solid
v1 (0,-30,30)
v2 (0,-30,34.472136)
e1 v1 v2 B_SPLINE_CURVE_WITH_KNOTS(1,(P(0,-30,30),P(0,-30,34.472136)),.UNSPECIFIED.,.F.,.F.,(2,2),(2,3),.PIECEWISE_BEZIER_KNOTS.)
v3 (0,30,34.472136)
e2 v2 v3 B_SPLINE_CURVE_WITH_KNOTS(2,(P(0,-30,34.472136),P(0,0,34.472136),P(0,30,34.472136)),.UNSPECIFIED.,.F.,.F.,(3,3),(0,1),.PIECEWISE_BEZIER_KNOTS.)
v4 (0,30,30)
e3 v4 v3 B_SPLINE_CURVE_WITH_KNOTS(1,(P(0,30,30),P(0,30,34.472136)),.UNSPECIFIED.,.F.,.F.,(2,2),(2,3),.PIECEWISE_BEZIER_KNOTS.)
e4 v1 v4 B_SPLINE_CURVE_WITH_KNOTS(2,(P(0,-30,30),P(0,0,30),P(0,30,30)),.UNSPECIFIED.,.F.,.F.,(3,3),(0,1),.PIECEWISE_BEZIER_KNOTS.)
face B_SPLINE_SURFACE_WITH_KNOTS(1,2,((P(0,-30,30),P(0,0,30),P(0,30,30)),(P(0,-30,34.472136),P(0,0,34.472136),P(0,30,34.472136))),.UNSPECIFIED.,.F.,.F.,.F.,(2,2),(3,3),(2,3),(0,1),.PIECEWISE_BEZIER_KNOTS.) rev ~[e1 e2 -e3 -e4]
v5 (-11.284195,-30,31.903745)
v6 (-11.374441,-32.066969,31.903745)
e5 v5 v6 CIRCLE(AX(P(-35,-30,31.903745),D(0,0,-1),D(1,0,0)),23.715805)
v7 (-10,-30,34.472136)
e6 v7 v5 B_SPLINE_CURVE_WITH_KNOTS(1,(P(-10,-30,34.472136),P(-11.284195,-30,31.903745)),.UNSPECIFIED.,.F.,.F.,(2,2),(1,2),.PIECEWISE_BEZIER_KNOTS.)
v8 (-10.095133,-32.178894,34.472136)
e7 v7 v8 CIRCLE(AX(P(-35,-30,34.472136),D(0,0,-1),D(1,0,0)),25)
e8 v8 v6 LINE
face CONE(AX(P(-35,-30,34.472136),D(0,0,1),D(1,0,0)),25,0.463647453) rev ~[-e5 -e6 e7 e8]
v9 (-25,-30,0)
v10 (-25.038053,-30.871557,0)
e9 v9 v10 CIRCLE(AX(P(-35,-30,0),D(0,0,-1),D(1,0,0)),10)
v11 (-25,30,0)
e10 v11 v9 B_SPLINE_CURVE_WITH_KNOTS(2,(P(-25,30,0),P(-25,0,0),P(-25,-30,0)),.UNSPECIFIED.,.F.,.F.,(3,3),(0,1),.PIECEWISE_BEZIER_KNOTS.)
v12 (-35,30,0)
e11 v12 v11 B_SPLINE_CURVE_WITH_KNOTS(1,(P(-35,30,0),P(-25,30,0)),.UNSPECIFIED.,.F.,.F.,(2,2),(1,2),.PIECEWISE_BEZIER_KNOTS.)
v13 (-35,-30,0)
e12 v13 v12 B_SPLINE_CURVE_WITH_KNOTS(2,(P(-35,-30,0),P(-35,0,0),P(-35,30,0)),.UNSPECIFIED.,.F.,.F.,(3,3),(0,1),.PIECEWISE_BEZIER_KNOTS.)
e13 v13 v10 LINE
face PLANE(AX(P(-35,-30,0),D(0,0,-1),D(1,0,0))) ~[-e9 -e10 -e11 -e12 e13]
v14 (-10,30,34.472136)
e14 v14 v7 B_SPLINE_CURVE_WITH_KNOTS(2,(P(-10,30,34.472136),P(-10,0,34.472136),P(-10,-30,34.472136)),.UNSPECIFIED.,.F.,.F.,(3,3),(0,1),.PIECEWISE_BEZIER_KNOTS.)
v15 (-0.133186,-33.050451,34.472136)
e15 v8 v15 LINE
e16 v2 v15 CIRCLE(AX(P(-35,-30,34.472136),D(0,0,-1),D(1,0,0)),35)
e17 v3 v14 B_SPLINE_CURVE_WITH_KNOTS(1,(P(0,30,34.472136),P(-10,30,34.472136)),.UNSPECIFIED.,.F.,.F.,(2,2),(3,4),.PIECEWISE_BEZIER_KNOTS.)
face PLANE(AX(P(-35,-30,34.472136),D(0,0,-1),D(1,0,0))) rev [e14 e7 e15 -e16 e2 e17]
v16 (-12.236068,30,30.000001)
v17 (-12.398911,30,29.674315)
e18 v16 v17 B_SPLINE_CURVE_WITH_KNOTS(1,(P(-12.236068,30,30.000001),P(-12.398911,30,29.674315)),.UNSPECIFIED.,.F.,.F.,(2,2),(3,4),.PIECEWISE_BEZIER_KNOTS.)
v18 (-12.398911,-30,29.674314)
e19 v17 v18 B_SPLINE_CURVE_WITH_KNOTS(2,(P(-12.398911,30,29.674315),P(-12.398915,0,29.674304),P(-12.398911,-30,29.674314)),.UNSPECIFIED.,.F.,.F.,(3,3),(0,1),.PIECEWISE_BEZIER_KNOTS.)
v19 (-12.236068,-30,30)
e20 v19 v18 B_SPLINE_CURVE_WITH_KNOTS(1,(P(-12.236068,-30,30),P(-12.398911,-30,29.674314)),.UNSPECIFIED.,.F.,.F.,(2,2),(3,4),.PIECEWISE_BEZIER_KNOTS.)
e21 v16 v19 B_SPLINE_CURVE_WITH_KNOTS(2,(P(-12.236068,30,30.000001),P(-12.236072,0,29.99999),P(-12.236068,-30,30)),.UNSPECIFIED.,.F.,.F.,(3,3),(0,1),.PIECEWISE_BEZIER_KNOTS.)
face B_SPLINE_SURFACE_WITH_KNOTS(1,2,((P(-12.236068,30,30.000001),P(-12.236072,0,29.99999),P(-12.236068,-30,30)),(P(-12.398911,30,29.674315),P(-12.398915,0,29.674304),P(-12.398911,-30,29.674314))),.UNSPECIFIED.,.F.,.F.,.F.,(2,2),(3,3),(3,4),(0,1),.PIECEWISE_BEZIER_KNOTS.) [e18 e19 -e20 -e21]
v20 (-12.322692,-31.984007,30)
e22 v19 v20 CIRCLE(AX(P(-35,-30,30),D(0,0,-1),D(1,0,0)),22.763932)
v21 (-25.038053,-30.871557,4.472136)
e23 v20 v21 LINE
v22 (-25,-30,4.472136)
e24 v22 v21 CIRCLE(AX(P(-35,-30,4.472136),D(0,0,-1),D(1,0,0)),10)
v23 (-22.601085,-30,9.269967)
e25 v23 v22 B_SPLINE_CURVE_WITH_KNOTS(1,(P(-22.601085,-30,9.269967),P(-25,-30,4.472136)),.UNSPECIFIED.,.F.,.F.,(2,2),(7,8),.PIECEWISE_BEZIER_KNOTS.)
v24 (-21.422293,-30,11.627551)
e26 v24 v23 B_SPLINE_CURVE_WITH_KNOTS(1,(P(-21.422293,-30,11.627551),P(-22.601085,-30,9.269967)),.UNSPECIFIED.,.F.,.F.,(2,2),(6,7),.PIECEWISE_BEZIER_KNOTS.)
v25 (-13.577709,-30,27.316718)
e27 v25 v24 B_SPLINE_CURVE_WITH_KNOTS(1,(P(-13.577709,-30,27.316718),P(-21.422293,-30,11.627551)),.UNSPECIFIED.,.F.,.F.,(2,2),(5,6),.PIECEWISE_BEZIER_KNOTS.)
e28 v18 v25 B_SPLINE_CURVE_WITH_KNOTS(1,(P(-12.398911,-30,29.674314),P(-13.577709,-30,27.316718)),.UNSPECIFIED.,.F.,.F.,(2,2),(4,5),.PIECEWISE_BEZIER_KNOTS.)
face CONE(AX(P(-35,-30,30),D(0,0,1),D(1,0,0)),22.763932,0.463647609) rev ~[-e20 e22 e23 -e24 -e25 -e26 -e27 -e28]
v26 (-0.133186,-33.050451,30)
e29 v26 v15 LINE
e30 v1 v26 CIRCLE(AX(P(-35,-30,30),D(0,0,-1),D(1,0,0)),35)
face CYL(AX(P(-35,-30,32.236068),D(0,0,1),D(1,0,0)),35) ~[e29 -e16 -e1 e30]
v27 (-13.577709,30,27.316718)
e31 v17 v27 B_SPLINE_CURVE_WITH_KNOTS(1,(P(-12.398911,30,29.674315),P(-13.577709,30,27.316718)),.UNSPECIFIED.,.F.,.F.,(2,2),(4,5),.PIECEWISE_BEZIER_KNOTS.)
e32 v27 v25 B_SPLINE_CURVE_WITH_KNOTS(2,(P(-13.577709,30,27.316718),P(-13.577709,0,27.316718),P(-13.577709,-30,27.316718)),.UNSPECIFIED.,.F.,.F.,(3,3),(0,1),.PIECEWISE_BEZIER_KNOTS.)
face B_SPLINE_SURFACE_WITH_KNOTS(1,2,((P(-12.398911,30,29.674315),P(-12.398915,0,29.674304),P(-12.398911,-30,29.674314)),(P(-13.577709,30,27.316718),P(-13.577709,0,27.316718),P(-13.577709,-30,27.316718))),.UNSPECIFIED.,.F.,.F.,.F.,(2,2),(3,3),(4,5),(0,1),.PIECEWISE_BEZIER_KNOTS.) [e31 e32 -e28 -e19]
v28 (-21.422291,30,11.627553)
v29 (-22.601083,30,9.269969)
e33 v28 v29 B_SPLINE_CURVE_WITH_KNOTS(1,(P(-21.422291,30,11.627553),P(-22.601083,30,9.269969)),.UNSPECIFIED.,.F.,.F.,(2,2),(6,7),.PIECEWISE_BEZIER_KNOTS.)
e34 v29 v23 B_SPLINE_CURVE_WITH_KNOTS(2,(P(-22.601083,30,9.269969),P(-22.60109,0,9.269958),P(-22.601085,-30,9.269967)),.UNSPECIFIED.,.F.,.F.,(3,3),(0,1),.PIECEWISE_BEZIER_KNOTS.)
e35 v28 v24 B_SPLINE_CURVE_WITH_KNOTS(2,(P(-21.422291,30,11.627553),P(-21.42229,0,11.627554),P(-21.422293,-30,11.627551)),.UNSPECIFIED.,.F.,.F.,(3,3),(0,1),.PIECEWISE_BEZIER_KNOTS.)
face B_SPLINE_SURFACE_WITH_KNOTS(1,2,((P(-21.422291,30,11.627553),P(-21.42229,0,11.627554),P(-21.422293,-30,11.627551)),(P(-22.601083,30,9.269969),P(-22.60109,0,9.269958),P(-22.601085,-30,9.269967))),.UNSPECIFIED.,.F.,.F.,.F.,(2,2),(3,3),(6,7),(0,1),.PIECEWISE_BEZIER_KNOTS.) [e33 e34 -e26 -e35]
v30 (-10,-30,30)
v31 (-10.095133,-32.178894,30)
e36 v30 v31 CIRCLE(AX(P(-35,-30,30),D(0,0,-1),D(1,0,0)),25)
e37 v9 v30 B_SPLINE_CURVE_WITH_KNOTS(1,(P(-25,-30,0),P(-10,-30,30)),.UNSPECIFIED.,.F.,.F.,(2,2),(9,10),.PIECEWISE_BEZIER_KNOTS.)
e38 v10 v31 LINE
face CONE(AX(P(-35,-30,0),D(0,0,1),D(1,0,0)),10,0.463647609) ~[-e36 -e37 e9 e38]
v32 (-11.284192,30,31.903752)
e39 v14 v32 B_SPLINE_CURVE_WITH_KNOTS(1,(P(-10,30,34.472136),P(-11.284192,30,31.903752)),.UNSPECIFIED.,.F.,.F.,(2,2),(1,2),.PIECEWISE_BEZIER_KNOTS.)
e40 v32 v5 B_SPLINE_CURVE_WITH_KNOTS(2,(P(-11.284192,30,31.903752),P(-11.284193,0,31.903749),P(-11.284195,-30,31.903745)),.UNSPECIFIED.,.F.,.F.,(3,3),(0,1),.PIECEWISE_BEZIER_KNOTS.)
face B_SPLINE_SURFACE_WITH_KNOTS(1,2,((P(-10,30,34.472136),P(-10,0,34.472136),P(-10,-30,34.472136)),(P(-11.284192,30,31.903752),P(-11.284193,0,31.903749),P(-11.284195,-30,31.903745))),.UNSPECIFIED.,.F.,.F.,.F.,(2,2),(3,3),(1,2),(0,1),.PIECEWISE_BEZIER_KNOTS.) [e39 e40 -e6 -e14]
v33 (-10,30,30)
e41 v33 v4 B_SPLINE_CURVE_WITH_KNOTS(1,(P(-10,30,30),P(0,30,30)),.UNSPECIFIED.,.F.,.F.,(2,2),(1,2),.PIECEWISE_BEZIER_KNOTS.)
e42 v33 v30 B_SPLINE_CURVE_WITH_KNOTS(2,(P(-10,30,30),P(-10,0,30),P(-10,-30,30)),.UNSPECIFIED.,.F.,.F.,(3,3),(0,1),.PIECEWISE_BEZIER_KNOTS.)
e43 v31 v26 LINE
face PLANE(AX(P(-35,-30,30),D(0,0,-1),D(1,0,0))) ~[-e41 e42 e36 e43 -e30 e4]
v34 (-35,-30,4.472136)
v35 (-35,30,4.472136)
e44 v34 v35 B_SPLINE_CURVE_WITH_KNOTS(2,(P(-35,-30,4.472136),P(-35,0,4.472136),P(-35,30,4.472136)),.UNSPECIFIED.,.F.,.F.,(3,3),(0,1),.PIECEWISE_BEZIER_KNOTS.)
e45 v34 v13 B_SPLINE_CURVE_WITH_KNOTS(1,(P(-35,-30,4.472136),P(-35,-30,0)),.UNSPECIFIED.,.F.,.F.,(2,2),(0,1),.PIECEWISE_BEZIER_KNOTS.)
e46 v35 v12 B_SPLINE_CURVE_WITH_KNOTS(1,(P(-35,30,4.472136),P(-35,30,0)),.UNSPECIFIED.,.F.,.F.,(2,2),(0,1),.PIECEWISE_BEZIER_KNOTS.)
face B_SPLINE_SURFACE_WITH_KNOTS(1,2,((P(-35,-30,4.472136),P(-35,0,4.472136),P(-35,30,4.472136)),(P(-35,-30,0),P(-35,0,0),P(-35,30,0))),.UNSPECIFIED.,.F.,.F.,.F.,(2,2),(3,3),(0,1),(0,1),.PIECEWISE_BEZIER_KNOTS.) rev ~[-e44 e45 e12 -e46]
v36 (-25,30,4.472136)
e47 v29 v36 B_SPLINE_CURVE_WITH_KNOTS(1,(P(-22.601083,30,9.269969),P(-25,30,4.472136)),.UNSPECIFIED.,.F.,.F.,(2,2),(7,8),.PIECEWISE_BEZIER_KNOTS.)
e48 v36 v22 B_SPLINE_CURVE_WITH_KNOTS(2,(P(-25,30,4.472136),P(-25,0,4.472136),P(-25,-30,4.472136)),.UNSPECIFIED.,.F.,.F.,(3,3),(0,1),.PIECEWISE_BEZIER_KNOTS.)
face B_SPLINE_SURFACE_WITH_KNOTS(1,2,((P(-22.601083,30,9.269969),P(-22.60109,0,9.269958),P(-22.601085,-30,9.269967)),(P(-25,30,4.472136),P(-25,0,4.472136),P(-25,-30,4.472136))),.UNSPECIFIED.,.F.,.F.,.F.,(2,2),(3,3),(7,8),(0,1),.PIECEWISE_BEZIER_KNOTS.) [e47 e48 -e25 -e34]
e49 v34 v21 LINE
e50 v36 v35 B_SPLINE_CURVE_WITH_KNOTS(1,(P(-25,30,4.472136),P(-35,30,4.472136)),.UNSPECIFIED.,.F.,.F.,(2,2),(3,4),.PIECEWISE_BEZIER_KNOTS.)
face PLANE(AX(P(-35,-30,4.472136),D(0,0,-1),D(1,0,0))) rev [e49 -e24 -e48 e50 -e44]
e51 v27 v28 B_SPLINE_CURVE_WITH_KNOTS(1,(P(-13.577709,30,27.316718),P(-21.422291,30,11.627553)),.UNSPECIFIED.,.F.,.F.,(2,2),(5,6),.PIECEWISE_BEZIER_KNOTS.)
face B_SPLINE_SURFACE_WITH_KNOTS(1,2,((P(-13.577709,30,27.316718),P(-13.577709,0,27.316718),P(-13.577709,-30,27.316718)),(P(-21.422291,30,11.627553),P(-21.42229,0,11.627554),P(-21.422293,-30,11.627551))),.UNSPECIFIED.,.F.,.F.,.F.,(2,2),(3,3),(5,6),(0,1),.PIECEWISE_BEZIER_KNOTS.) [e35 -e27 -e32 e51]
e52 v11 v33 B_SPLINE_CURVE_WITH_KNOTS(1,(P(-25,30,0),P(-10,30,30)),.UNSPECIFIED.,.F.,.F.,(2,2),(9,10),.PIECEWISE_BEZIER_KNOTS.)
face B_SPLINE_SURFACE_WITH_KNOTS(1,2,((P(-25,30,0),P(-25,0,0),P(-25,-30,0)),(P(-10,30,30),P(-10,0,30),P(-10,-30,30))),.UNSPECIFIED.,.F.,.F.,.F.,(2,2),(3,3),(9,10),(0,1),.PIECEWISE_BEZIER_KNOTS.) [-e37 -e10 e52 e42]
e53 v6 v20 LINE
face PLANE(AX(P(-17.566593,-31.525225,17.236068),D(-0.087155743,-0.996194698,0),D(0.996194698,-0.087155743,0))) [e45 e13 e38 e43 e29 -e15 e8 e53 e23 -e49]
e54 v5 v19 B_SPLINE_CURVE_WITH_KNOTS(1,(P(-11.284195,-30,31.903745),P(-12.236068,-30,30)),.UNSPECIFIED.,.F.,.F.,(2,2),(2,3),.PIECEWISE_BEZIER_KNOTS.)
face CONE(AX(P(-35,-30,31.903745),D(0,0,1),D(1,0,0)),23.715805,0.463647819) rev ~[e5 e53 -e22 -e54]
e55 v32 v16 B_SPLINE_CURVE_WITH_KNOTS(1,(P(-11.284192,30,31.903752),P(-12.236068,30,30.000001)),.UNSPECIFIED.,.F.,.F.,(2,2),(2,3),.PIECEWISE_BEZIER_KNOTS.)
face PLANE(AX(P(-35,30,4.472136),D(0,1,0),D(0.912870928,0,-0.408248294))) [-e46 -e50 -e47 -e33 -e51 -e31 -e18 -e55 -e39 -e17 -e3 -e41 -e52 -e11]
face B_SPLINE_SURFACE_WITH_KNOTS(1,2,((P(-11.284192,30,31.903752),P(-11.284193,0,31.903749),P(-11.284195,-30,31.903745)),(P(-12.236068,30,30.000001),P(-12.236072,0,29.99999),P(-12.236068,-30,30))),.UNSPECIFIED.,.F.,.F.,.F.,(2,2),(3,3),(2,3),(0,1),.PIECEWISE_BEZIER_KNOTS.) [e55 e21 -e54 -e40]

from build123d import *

# Parameters (mm, degrees)
F2_W     = 10
F2_H     = 4.472136
F3_W     = 10
F3_H     = 4.472136
F4_W     = 10
F4_H     = 4.472136
F8_ANGLE = -5


with BuildPart() as f5:
    # F4 (on offset) → F5 section 0
    with BuildSketch(Plane.XZ.offset(-30)):
        Polygon((-10, 30), (-10, 34.472136), (-13.577709, 27.316718), (-21.422291, 11.627553), (-25, 4.472136), (-25, 0), align=None)
    # F3 (on Front) → F5 section 1
    with BuildSketch(Plane.XZ):
        Polygon((-10, 30), (-10, 34.472136), (-12.398913, 29.674309), (-13.577709, 27.316718), (-21.422291, 11.627553), (-22.601087, 9.269963), (-25, 4.472136), (-25, 0), align=None)
    # F2 (on offset) → F5 section 2
    with BuildSketch(Plane.XZ.offset(30)):
        Polygon((-10, 30), (-10, 34.472136), (-11.284195, 31.903745), (-12.236068, 30), (-22.763932, 8.944272), (-23.715805, 7.040526), (-25, 4.472136), (-25, 0), align=None)
    loft()

    # F2 (on offset) → F6 section 0
    with BuildSketch(Plane.XZ.offset(30)):
        with Locations((-5, 32.236068)):
            Rectangle(F2_W, F2_H)
    # F3 (on Front) → F6 section 1
    with BuildSketch(Plane.XZ):
        with Locations((-5, 32.236068)):
            Rectangle(F3_W, F3_H)
    # F4 (on offset) → F6 section 2
    with BuildSketch(Plane.XZ.offset(-30)):
        with Locations((-5, 32.236068)):
            Rectangle(F4_W, F4_H)
    loft()

    # F2 (on offset) → F7 section 0
    with BuildSketch(Plane.XZ.offset(30)):
        with Locations((-30, 2.236068)):
            Rectangle(F2_W, F2_H)
    # F3 (on Front) → F7 section 1
    with BuildSketch(Plane.XZ):
        with Locations((-30, 2.236068)):
            Rectangle(F3_W, F3_H)
    # F4 (on offset) → F7 section 2
    with BuildSketch(Plane.XZ.offset(-30)):
        with Locations((-30, 2.236068)):
            Rectangle(F4_W, F4_H)
    loft()

    # F2 (on offset) → F8 (revolve)
    with BuildSketch(Plane.XZ.offset(30)):
        Polygon((-10, 30), (-10, 34.472136), (-11.284195, 31.903745), (-12.236068, 30), (-22.763932, 8.944272), (-23.715805, 7.040526), (-25, 4.472136), (-25, 0), align=None)
        with Locations((-5, 32.236068)):
            Rectangle(F2_W, F2_H)
        with Locations((-30, 2.236068)):
            Rectangle(F2_W, F2_H)
    revolve(axis=Axis((-35, -30, 2.236068), (0, 0, 1)), revolution_arc=F8_ANGLE)


solid = f5.part
